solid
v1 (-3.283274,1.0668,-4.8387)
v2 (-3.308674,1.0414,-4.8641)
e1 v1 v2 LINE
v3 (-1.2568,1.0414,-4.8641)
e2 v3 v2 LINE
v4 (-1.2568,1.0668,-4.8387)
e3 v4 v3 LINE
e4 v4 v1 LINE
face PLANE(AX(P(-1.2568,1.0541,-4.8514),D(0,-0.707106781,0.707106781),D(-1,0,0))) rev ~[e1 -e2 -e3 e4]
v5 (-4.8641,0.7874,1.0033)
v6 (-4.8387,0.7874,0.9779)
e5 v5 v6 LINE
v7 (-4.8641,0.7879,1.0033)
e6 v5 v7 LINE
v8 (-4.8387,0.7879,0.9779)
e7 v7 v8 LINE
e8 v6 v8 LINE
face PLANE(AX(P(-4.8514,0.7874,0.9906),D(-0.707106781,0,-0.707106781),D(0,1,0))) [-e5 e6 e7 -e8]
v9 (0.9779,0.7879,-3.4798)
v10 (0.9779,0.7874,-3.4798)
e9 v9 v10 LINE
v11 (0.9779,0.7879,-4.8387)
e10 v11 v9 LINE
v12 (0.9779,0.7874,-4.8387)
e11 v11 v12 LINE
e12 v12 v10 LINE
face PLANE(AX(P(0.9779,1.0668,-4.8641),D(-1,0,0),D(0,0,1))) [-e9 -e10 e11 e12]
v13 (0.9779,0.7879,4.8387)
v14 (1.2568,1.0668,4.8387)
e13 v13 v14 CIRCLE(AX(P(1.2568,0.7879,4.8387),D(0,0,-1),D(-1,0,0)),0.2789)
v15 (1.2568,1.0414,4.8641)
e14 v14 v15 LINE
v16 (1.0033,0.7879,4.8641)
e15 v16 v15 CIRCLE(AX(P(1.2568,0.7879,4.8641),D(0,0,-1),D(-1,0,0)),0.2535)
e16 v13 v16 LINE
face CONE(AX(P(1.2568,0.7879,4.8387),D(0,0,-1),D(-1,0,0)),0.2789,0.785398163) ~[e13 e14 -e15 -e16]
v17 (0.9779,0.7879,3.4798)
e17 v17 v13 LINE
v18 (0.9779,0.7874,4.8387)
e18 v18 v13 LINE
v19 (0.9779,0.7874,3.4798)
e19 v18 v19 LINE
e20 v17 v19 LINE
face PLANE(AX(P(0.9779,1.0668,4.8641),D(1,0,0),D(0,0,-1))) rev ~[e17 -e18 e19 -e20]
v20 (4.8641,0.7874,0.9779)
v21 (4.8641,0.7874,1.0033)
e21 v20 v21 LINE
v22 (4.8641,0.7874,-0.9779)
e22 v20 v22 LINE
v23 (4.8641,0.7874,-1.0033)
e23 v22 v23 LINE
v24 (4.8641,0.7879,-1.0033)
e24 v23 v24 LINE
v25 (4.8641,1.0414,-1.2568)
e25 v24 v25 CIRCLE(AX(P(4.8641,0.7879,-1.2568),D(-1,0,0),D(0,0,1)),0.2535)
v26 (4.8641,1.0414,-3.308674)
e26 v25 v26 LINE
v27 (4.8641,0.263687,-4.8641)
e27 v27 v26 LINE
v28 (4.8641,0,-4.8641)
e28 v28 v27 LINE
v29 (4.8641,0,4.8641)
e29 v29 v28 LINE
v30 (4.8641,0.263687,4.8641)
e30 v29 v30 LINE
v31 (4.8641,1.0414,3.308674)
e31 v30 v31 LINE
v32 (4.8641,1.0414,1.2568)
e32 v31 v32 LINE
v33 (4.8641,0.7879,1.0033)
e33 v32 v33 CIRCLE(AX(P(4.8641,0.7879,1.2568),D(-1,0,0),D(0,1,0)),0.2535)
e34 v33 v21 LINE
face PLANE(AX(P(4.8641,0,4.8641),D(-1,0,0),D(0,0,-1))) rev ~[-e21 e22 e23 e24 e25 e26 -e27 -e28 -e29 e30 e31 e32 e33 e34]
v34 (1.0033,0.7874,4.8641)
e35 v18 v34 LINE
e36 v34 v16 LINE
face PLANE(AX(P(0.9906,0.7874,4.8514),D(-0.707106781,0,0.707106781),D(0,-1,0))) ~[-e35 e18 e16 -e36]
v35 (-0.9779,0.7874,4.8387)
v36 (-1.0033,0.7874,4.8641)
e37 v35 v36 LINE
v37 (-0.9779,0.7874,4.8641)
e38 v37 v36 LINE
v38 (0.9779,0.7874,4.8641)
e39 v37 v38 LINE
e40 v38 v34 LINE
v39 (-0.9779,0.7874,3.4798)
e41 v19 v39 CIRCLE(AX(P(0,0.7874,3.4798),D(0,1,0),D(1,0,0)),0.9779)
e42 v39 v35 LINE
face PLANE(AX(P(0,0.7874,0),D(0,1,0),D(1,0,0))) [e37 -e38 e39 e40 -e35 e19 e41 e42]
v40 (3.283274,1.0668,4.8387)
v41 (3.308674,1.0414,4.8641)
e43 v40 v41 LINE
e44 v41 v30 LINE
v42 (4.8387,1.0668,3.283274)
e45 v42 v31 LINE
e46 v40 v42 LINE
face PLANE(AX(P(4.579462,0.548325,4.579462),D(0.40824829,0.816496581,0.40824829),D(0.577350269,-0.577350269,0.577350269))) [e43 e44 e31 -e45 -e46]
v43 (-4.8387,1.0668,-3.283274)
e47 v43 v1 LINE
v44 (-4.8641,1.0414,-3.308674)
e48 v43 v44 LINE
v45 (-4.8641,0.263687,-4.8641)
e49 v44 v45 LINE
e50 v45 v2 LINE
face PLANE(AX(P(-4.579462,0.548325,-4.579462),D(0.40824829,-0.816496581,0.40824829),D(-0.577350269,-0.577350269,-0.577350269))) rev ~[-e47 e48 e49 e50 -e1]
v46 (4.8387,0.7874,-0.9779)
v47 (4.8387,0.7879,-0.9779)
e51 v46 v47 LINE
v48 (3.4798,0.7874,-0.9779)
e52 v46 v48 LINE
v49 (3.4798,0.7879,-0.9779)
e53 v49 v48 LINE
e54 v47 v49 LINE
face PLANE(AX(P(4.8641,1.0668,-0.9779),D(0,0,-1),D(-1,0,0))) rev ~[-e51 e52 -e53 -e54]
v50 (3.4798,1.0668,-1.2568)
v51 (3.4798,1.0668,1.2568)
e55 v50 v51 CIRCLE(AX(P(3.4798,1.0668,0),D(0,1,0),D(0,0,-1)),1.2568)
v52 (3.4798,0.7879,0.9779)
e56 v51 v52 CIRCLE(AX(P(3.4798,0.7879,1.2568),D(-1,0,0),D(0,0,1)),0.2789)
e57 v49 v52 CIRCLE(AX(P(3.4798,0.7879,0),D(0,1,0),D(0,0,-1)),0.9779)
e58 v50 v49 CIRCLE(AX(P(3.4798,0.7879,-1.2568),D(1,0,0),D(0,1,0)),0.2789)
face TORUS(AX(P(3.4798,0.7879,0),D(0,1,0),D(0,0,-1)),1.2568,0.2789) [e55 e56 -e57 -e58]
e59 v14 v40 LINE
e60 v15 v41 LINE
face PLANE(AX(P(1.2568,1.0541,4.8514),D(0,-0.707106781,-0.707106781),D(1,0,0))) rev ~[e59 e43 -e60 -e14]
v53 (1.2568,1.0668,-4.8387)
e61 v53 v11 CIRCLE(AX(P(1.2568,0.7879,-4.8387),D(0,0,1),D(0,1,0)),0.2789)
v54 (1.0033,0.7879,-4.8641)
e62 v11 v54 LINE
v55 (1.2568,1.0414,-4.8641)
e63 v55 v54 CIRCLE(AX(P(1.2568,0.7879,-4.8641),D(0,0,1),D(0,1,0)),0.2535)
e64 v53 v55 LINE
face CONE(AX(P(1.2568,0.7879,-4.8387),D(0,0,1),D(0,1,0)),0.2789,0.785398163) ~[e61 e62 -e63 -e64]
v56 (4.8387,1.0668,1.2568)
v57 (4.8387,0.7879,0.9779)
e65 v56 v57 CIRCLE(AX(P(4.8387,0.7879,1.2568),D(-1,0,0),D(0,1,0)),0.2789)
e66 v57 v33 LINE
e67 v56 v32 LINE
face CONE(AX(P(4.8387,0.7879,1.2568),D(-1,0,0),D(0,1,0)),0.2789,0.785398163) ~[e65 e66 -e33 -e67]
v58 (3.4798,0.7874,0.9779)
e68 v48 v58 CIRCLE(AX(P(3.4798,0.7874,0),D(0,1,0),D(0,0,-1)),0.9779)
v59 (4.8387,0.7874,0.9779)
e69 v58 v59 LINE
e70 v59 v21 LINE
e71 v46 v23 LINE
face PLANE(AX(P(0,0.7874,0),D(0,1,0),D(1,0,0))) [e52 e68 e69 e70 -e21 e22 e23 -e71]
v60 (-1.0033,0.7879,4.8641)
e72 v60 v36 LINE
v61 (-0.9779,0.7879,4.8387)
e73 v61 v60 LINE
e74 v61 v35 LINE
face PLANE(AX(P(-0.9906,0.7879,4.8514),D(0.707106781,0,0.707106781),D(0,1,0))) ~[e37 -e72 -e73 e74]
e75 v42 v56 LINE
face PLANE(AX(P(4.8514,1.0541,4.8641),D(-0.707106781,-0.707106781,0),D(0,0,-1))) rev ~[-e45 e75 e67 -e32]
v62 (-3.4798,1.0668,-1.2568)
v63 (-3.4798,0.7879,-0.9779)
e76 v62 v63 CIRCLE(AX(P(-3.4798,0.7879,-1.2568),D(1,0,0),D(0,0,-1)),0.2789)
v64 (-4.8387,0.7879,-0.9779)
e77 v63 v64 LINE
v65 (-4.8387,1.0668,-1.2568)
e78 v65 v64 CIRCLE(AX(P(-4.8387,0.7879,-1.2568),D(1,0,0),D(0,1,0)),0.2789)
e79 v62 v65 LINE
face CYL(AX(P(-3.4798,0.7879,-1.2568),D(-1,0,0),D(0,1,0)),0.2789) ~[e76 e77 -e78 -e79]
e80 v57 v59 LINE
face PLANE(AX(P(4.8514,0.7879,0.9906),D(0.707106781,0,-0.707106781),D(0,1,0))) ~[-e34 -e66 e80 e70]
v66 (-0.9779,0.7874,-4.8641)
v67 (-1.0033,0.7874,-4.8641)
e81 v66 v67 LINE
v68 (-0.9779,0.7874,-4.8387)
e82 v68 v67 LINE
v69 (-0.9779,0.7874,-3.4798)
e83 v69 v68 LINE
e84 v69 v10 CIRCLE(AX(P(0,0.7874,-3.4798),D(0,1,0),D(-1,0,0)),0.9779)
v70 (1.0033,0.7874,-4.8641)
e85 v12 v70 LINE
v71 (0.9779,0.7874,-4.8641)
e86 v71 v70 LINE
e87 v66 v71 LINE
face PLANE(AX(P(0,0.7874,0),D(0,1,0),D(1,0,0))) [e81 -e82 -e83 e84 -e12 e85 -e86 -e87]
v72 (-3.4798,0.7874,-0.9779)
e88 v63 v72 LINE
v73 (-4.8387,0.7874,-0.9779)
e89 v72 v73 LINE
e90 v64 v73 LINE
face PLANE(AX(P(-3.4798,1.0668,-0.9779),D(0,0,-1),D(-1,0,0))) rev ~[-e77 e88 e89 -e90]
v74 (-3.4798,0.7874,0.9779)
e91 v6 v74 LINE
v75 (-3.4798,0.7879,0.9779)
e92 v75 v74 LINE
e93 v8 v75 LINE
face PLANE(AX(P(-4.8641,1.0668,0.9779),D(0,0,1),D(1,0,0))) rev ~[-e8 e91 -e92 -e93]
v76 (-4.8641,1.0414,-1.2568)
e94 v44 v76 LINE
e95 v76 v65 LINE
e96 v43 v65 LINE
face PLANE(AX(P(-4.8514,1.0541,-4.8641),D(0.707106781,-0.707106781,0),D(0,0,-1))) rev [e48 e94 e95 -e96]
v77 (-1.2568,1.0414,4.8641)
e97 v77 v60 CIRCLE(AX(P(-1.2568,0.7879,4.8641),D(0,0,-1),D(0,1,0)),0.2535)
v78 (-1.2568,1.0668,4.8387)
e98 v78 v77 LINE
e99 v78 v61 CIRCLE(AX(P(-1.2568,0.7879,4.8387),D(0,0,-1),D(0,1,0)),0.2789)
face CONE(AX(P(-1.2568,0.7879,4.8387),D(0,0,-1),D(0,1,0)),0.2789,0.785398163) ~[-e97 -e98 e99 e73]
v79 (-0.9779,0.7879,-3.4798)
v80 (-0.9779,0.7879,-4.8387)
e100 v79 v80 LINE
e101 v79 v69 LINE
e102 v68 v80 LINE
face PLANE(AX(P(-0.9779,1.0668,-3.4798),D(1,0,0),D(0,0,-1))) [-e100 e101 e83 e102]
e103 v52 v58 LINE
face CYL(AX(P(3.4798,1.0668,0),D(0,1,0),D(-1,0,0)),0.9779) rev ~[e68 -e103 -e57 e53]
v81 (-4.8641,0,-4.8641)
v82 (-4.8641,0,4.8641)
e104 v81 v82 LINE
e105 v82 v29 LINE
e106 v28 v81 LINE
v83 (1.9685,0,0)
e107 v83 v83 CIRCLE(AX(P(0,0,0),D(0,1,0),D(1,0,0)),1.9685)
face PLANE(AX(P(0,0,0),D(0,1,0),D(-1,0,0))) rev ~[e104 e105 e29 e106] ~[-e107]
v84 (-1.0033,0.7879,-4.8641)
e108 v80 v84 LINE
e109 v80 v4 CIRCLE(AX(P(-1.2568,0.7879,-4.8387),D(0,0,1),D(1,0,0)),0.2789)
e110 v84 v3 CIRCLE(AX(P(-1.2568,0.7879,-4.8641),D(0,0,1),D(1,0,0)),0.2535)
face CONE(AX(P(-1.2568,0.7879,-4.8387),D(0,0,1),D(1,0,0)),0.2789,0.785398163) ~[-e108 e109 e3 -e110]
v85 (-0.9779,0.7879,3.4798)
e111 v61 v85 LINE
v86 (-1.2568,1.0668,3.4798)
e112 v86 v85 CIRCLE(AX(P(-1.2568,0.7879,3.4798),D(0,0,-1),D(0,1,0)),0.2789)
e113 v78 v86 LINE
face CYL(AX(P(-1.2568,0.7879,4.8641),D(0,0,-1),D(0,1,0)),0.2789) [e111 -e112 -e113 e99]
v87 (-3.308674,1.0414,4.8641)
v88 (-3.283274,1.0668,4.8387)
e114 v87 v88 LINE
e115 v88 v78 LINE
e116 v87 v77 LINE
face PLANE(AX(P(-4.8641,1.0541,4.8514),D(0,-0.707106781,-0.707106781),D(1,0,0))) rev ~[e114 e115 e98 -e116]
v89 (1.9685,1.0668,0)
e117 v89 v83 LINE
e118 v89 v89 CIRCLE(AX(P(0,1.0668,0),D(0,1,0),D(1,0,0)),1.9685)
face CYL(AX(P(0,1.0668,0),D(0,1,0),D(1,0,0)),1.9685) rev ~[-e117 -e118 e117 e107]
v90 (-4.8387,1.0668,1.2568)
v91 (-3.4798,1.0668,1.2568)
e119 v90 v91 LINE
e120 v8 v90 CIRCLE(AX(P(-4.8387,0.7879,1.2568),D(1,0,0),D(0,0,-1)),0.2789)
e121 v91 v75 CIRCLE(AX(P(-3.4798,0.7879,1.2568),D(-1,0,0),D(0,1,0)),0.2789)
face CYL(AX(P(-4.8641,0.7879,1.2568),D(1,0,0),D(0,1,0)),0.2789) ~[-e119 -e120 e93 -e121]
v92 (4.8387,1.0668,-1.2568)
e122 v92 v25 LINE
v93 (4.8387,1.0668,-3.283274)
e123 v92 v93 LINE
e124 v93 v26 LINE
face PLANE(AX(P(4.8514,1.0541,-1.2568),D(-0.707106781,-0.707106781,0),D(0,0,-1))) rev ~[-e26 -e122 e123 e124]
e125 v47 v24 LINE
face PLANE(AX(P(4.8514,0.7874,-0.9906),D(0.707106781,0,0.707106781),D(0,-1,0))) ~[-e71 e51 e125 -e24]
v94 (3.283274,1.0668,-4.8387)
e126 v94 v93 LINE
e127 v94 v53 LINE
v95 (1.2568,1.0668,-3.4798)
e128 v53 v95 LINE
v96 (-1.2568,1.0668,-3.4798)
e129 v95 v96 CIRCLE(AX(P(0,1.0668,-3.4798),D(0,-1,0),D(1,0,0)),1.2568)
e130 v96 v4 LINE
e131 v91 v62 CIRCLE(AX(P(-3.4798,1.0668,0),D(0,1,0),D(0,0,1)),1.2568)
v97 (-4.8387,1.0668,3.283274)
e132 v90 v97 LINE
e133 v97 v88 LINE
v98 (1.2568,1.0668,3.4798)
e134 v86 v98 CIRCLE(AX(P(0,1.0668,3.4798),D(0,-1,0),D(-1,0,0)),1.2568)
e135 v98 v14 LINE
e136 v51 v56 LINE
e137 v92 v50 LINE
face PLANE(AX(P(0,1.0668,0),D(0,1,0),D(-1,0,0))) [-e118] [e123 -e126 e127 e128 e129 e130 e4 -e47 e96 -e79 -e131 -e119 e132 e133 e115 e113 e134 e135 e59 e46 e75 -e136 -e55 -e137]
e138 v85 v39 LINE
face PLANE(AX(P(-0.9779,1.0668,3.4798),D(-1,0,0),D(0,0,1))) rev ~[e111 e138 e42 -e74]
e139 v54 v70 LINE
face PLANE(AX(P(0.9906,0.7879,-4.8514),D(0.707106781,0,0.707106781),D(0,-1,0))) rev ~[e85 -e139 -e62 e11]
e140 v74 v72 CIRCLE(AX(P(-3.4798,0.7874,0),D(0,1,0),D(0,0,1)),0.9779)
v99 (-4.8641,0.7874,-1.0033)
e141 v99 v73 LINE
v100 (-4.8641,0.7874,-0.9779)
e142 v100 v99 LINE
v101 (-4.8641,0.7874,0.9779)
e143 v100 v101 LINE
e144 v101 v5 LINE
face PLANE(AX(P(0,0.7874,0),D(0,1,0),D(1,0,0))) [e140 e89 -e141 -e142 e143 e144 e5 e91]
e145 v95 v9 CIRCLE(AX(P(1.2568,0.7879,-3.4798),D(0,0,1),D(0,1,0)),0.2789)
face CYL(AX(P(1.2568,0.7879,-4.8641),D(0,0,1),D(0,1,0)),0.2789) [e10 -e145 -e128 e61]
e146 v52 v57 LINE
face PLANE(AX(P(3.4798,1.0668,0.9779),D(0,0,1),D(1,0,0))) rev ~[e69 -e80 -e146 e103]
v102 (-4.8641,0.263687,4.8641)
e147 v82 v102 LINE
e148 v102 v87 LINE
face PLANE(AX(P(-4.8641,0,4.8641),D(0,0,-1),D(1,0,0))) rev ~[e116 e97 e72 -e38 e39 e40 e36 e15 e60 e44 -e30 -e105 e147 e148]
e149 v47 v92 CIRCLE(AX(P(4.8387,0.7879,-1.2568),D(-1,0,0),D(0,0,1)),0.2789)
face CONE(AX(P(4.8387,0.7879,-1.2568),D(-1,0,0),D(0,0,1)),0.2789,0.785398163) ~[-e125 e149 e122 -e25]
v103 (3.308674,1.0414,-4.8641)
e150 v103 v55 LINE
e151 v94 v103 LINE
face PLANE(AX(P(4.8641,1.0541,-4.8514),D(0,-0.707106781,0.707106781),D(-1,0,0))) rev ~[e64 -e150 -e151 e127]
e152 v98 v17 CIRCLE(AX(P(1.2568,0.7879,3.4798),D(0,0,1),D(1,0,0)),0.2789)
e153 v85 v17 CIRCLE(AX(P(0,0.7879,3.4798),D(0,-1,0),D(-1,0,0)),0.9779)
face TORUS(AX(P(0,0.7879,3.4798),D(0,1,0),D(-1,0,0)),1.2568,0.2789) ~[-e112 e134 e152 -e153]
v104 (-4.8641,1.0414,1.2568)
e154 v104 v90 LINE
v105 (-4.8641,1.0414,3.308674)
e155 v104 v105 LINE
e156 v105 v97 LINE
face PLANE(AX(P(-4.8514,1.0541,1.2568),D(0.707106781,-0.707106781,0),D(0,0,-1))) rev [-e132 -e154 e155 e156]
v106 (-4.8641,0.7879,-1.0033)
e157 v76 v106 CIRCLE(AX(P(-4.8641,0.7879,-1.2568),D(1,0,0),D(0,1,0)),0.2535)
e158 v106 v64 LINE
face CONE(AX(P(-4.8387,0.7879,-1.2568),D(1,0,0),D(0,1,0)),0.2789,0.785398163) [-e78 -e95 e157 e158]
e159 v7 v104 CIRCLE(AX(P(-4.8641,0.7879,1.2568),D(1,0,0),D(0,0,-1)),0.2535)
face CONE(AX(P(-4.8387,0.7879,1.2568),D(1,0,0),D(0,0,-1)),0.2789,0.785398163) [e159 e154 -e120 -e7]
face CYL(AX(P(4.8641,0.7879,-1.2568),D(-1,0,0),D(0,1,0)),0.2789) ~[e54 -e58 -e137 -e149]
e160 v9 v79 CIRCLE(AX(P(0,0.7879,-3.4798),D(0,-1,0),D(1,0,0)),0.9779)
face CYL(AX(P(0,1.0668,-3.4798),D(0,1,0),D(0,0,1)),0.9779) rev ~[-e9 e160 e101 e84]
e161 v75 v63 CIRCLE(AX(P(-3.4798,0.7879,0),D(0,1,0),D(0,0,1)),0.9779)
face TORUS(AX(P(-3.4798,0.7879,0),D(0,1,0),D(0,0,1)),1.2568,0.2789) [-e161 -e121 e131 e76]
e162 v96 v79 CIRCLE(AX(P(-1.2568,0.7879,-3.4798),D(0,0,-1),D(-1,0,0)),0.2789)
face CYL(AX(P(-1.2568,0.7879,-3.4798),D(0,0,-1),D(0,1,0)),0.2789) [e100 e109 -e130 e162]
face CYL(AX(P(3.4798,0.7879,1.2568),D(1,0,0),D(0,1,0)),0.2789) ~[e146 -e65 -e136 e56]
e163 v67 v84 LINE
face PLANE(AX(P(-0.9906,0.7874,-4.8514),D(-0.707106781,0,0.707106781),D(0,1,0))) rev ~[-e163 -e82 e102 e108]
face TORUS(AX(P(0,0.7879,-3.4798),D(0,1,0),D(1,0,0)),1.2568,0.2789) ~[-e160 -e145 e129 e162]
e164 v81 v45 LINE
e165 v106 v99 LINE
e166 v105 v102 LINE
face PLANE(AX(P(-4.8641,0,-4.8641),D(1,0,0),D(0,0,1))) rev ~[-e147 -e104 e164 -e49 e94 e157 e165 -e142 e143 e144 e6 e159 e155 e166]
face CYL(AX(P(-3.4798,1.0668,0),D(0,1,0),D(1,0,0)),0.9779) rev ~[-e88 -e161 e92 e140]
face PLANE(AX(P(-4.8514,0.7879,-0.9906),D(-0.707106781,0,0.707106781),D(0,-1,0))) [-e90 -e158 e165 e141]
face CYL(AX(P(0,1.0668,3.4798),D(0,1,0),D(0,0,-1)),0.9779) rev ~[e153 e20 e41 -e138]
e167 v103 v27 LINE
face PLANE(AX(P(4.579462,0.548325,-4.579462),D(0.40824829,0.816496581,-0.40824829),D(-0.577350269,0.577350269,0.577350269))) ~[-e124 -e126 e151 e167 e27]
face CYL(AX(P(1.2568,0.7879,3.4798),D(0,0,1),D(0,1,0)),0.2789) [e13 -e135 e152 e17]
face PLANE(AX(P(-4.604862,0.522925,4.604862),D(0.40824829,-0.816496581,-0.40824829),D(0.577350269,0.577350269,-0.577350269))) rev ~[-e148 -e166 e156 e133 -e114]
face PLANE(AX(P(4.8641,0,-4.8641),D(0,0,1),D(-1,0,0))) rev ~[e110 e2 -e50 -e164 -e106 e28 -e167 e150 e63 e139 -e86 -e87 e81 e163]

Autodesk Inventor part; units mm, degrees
ref_plane "YZ Plane" through (0, 0, 0) normal (1, 0, 0) x (0, 1, 0)
ref_plane "XZ Plane" through (0, 0, 0) normal (0, 1, 0) x (-1, 0, 0)
ref_plane "XY Plane" through (0, 0, 0) normal (0, 0, 1) x (1, 0, 0)
sketch "Sketch1" plane through (0, 0, 0) normal (0, 1, 0) x (-1, 0, 0)
  line L0 (4.8641, 4.8641) -> (-4.8641, 4.8641)
  line L1 (-4.8641, 4.8641) -> (-4.8641, -4.8641)
  line L2 (-4.8641, -4.8641) -> (4.8641, -4.8641)
  line L3 (4.8641, -4.8641) -> (4.8641, 4.8641)
  point P0 (0, 0)
  point P1 (4.8641, 0)
  point P2 (0, -4.8641)
  dimension "d0" = 9.7282
  dimension "d1" = 9.7282
extrude "Extrusion1" add sketch "Sketch1" along normal blind 1.0668
sketch "Sketch2" plane through (0, 1.0668, 0) normal (0, 1, 0) x (1, 0, 0)
  line L0 (-4.8641, -4.8641) -> (4.8641, -4.8641) projected
  line L1 (3.4798, -0.9779) -> (4.8641, -0.9779)
  line L2 (4.8641, -0.9779) -> (4.8641, 0.9779)
  line L3 (4.8641, 0.9779) -> (3.4798, 0.9779)
  line L4 (2.5019, 0) -> (2.5019, 0)
  arc A0 (2.5019, 0) -> (3.4798, -0.9779) centre (3.4798, 0) ccw
  arc A1 (3.4798, 0.9779) -> (2.5019, 0) centre (3.4798, 0) ccw
  line L5 (4.8641, -4.8641) -> (4.8641, 4.8641) projected
  line L6 (0, 2.5019) -> (0, 2.5019)
  line L7 (-0.9779, 3.4798) -> (-0.9779, 4.8641)
  line L8 (-0.9779, 4.8641) -> (0.9779, 4.8641)
  line L9 (0.9779, 4.8641) -> (0.9779, 3.4798)
  arc A2 (0, 2.5019) -> (0.9779, 3.4798) centre (0, 3.4798) ccw
  arc A3 (-0.9779, 3.4798) -> (0, 2.5019) centre (0, 3.4798) ccw
  line L10 (4.8641, 4.8641) -> (-4.8641, 4.8641) projected
  line L11 (-4.8641, -0.9779) -> (-3.4798, -0.9779)
  line L12 (-2.5019, 0) -> (-2.5019, 0)
  line L13 (-3.4798, 0.9779) -> (-4.8641, 0.9779)
  line L14 (-4.8641, 0.9779) -> (-4.8641, -0.9779)
  line L15 (-4.8641, 4.8641) -> (-4.8641, -4.8641) projected
  arc A4 (-3.4798, -0.9779) -> (-2.5019, 0) centre (-3.4798, 0) ccw
  arc A5 (-2.5019, 0) -> (-3.4798, 0.9779) centre (-3.4798, 0) ccw
  line L16 (-0.9779, -4.8641) -> (0.9779, -4.8641)
  line L17 (0.9779, -4.8641) -> (0.9779, -3.4798)
  line L18 (0, -2.5019) -> (0, -2.5019)
  line L19 (-0.9779, -3.4798) -> (-0.9779, -4.8641)
  arc A6 (0, -2.5019) -> (-0.9779, -3.4798) centre (0, -3.4798) ccw
  arc A7 (0.9779, -3.4798) -> (0, -2.5019) centre (0, -3.4798) ccw
  point P0 (0, 0)
  point P1 (4.8641, 0)
  point P2 (4.8641, 0)
  point P3 (0, -4.8641)
  point P4 (0, -4.8641)
  point P5 (0, -4.8641)
  point P6 (-0.9779, 2.5019)
  point P7 (0, 4.8641)
  point P8 (0, 4.8641)
  point P9 (-2.5019, 0.9779)
  point P10 (-4.8641, 0)
  point P11 (-4.8641, 0)
  point P12 (0.9779, -2.5019)
  point P13 (0, -4.8641)
  point P14 (0, -4.8641)
  dimension "d10" = 0.9779
  dimension "d11" = 1.9558
  dimension "d12" = 2.3622
  dimension "d13" = 2.3622
  dimension "d14" = 0.9779
  dimension "d15" = 2.3622
  dimension "d16" = 0.9779
  dimension "d17" = 2.3622
  dimension "d18" = 0.9779
extrude "Extrusion2" cut sketch "Sketch2" against normal blind 0.2794 contours L19 A6 A7 L17 L0 | L14 L13 A5 A4 L11 | L1 A0 A1 L3 L2 | L8 L9 A2 A3 L7
fillet "Fillet1" radius 0.2794 12 edges at (0, 1.0668, 2.5019) (0.9779, 1.0668, 4.1719) (-0.9779, 1.0668, 4.1719) (-4.1719, 1.0668, 0.9779) (-4.1719, 1.0668, -0.9779) (-2.5019, 1.0668, 0) (-0.9779, 1.0668, -4.172) (0.9779, 1.0668, -4.172) (0, 1.0668, -2.5019) (4.172, 1.0668, -0.9779) (4.172, 1.0668, 0.9779) (2.5019, 1.0668, 0)
sketch "Sketch3" plane through (0, 1.0668, 0) normal (0, 1, 0) x (1, 0, 0)
  circle A0 centre (0, 0) radius 1.9685
  dimension "d22" = 3.937
extrude "Extrusion3" cut sketch "Sketch3" against normal through all
chamfer "Chamfer1" distance 0.0254 angle 45 16 edges at (3.0605, 1.0668, 4.8641) (1.0596, 0.9851, 4.8641) (4.8641, 1.0668, 3.0604) (4.8641, 0.9851, 1.0596) (4.8641, 1.0668, -3.0605) (4.8641, 0.9851, -1.0596) (3.0605, 1.0668, -4.8641) (1.0596, 0.9851, -4.8641) (-3.0605, 1.0668, -4.8641) (-1.0596, 0.9851, -4.8641) (-4.8641, 1.0668, -3.0605) (-4.8641, 0.9851, -1.0596) (-4.8641, 1.0668, 3.0605) (-4.8641, 0.9851, 1.0596) (-3.0605, 1.0668, 4.8641) (-1.0596, 0.9851, 4.8641)
chamfer "Chamfer2" distance 1.27 angle 45 4 edges at (4.8514, 1.0541, 4.8514) (4.8514, 1.0541, -4.8514) (-4.8514, 1.0541, -4.8514) (-4.8514, 1.0541, 4.8514)
properties part number "SSR-40 DA Small Plate" material "Nickel-Copper Alloy 400"
